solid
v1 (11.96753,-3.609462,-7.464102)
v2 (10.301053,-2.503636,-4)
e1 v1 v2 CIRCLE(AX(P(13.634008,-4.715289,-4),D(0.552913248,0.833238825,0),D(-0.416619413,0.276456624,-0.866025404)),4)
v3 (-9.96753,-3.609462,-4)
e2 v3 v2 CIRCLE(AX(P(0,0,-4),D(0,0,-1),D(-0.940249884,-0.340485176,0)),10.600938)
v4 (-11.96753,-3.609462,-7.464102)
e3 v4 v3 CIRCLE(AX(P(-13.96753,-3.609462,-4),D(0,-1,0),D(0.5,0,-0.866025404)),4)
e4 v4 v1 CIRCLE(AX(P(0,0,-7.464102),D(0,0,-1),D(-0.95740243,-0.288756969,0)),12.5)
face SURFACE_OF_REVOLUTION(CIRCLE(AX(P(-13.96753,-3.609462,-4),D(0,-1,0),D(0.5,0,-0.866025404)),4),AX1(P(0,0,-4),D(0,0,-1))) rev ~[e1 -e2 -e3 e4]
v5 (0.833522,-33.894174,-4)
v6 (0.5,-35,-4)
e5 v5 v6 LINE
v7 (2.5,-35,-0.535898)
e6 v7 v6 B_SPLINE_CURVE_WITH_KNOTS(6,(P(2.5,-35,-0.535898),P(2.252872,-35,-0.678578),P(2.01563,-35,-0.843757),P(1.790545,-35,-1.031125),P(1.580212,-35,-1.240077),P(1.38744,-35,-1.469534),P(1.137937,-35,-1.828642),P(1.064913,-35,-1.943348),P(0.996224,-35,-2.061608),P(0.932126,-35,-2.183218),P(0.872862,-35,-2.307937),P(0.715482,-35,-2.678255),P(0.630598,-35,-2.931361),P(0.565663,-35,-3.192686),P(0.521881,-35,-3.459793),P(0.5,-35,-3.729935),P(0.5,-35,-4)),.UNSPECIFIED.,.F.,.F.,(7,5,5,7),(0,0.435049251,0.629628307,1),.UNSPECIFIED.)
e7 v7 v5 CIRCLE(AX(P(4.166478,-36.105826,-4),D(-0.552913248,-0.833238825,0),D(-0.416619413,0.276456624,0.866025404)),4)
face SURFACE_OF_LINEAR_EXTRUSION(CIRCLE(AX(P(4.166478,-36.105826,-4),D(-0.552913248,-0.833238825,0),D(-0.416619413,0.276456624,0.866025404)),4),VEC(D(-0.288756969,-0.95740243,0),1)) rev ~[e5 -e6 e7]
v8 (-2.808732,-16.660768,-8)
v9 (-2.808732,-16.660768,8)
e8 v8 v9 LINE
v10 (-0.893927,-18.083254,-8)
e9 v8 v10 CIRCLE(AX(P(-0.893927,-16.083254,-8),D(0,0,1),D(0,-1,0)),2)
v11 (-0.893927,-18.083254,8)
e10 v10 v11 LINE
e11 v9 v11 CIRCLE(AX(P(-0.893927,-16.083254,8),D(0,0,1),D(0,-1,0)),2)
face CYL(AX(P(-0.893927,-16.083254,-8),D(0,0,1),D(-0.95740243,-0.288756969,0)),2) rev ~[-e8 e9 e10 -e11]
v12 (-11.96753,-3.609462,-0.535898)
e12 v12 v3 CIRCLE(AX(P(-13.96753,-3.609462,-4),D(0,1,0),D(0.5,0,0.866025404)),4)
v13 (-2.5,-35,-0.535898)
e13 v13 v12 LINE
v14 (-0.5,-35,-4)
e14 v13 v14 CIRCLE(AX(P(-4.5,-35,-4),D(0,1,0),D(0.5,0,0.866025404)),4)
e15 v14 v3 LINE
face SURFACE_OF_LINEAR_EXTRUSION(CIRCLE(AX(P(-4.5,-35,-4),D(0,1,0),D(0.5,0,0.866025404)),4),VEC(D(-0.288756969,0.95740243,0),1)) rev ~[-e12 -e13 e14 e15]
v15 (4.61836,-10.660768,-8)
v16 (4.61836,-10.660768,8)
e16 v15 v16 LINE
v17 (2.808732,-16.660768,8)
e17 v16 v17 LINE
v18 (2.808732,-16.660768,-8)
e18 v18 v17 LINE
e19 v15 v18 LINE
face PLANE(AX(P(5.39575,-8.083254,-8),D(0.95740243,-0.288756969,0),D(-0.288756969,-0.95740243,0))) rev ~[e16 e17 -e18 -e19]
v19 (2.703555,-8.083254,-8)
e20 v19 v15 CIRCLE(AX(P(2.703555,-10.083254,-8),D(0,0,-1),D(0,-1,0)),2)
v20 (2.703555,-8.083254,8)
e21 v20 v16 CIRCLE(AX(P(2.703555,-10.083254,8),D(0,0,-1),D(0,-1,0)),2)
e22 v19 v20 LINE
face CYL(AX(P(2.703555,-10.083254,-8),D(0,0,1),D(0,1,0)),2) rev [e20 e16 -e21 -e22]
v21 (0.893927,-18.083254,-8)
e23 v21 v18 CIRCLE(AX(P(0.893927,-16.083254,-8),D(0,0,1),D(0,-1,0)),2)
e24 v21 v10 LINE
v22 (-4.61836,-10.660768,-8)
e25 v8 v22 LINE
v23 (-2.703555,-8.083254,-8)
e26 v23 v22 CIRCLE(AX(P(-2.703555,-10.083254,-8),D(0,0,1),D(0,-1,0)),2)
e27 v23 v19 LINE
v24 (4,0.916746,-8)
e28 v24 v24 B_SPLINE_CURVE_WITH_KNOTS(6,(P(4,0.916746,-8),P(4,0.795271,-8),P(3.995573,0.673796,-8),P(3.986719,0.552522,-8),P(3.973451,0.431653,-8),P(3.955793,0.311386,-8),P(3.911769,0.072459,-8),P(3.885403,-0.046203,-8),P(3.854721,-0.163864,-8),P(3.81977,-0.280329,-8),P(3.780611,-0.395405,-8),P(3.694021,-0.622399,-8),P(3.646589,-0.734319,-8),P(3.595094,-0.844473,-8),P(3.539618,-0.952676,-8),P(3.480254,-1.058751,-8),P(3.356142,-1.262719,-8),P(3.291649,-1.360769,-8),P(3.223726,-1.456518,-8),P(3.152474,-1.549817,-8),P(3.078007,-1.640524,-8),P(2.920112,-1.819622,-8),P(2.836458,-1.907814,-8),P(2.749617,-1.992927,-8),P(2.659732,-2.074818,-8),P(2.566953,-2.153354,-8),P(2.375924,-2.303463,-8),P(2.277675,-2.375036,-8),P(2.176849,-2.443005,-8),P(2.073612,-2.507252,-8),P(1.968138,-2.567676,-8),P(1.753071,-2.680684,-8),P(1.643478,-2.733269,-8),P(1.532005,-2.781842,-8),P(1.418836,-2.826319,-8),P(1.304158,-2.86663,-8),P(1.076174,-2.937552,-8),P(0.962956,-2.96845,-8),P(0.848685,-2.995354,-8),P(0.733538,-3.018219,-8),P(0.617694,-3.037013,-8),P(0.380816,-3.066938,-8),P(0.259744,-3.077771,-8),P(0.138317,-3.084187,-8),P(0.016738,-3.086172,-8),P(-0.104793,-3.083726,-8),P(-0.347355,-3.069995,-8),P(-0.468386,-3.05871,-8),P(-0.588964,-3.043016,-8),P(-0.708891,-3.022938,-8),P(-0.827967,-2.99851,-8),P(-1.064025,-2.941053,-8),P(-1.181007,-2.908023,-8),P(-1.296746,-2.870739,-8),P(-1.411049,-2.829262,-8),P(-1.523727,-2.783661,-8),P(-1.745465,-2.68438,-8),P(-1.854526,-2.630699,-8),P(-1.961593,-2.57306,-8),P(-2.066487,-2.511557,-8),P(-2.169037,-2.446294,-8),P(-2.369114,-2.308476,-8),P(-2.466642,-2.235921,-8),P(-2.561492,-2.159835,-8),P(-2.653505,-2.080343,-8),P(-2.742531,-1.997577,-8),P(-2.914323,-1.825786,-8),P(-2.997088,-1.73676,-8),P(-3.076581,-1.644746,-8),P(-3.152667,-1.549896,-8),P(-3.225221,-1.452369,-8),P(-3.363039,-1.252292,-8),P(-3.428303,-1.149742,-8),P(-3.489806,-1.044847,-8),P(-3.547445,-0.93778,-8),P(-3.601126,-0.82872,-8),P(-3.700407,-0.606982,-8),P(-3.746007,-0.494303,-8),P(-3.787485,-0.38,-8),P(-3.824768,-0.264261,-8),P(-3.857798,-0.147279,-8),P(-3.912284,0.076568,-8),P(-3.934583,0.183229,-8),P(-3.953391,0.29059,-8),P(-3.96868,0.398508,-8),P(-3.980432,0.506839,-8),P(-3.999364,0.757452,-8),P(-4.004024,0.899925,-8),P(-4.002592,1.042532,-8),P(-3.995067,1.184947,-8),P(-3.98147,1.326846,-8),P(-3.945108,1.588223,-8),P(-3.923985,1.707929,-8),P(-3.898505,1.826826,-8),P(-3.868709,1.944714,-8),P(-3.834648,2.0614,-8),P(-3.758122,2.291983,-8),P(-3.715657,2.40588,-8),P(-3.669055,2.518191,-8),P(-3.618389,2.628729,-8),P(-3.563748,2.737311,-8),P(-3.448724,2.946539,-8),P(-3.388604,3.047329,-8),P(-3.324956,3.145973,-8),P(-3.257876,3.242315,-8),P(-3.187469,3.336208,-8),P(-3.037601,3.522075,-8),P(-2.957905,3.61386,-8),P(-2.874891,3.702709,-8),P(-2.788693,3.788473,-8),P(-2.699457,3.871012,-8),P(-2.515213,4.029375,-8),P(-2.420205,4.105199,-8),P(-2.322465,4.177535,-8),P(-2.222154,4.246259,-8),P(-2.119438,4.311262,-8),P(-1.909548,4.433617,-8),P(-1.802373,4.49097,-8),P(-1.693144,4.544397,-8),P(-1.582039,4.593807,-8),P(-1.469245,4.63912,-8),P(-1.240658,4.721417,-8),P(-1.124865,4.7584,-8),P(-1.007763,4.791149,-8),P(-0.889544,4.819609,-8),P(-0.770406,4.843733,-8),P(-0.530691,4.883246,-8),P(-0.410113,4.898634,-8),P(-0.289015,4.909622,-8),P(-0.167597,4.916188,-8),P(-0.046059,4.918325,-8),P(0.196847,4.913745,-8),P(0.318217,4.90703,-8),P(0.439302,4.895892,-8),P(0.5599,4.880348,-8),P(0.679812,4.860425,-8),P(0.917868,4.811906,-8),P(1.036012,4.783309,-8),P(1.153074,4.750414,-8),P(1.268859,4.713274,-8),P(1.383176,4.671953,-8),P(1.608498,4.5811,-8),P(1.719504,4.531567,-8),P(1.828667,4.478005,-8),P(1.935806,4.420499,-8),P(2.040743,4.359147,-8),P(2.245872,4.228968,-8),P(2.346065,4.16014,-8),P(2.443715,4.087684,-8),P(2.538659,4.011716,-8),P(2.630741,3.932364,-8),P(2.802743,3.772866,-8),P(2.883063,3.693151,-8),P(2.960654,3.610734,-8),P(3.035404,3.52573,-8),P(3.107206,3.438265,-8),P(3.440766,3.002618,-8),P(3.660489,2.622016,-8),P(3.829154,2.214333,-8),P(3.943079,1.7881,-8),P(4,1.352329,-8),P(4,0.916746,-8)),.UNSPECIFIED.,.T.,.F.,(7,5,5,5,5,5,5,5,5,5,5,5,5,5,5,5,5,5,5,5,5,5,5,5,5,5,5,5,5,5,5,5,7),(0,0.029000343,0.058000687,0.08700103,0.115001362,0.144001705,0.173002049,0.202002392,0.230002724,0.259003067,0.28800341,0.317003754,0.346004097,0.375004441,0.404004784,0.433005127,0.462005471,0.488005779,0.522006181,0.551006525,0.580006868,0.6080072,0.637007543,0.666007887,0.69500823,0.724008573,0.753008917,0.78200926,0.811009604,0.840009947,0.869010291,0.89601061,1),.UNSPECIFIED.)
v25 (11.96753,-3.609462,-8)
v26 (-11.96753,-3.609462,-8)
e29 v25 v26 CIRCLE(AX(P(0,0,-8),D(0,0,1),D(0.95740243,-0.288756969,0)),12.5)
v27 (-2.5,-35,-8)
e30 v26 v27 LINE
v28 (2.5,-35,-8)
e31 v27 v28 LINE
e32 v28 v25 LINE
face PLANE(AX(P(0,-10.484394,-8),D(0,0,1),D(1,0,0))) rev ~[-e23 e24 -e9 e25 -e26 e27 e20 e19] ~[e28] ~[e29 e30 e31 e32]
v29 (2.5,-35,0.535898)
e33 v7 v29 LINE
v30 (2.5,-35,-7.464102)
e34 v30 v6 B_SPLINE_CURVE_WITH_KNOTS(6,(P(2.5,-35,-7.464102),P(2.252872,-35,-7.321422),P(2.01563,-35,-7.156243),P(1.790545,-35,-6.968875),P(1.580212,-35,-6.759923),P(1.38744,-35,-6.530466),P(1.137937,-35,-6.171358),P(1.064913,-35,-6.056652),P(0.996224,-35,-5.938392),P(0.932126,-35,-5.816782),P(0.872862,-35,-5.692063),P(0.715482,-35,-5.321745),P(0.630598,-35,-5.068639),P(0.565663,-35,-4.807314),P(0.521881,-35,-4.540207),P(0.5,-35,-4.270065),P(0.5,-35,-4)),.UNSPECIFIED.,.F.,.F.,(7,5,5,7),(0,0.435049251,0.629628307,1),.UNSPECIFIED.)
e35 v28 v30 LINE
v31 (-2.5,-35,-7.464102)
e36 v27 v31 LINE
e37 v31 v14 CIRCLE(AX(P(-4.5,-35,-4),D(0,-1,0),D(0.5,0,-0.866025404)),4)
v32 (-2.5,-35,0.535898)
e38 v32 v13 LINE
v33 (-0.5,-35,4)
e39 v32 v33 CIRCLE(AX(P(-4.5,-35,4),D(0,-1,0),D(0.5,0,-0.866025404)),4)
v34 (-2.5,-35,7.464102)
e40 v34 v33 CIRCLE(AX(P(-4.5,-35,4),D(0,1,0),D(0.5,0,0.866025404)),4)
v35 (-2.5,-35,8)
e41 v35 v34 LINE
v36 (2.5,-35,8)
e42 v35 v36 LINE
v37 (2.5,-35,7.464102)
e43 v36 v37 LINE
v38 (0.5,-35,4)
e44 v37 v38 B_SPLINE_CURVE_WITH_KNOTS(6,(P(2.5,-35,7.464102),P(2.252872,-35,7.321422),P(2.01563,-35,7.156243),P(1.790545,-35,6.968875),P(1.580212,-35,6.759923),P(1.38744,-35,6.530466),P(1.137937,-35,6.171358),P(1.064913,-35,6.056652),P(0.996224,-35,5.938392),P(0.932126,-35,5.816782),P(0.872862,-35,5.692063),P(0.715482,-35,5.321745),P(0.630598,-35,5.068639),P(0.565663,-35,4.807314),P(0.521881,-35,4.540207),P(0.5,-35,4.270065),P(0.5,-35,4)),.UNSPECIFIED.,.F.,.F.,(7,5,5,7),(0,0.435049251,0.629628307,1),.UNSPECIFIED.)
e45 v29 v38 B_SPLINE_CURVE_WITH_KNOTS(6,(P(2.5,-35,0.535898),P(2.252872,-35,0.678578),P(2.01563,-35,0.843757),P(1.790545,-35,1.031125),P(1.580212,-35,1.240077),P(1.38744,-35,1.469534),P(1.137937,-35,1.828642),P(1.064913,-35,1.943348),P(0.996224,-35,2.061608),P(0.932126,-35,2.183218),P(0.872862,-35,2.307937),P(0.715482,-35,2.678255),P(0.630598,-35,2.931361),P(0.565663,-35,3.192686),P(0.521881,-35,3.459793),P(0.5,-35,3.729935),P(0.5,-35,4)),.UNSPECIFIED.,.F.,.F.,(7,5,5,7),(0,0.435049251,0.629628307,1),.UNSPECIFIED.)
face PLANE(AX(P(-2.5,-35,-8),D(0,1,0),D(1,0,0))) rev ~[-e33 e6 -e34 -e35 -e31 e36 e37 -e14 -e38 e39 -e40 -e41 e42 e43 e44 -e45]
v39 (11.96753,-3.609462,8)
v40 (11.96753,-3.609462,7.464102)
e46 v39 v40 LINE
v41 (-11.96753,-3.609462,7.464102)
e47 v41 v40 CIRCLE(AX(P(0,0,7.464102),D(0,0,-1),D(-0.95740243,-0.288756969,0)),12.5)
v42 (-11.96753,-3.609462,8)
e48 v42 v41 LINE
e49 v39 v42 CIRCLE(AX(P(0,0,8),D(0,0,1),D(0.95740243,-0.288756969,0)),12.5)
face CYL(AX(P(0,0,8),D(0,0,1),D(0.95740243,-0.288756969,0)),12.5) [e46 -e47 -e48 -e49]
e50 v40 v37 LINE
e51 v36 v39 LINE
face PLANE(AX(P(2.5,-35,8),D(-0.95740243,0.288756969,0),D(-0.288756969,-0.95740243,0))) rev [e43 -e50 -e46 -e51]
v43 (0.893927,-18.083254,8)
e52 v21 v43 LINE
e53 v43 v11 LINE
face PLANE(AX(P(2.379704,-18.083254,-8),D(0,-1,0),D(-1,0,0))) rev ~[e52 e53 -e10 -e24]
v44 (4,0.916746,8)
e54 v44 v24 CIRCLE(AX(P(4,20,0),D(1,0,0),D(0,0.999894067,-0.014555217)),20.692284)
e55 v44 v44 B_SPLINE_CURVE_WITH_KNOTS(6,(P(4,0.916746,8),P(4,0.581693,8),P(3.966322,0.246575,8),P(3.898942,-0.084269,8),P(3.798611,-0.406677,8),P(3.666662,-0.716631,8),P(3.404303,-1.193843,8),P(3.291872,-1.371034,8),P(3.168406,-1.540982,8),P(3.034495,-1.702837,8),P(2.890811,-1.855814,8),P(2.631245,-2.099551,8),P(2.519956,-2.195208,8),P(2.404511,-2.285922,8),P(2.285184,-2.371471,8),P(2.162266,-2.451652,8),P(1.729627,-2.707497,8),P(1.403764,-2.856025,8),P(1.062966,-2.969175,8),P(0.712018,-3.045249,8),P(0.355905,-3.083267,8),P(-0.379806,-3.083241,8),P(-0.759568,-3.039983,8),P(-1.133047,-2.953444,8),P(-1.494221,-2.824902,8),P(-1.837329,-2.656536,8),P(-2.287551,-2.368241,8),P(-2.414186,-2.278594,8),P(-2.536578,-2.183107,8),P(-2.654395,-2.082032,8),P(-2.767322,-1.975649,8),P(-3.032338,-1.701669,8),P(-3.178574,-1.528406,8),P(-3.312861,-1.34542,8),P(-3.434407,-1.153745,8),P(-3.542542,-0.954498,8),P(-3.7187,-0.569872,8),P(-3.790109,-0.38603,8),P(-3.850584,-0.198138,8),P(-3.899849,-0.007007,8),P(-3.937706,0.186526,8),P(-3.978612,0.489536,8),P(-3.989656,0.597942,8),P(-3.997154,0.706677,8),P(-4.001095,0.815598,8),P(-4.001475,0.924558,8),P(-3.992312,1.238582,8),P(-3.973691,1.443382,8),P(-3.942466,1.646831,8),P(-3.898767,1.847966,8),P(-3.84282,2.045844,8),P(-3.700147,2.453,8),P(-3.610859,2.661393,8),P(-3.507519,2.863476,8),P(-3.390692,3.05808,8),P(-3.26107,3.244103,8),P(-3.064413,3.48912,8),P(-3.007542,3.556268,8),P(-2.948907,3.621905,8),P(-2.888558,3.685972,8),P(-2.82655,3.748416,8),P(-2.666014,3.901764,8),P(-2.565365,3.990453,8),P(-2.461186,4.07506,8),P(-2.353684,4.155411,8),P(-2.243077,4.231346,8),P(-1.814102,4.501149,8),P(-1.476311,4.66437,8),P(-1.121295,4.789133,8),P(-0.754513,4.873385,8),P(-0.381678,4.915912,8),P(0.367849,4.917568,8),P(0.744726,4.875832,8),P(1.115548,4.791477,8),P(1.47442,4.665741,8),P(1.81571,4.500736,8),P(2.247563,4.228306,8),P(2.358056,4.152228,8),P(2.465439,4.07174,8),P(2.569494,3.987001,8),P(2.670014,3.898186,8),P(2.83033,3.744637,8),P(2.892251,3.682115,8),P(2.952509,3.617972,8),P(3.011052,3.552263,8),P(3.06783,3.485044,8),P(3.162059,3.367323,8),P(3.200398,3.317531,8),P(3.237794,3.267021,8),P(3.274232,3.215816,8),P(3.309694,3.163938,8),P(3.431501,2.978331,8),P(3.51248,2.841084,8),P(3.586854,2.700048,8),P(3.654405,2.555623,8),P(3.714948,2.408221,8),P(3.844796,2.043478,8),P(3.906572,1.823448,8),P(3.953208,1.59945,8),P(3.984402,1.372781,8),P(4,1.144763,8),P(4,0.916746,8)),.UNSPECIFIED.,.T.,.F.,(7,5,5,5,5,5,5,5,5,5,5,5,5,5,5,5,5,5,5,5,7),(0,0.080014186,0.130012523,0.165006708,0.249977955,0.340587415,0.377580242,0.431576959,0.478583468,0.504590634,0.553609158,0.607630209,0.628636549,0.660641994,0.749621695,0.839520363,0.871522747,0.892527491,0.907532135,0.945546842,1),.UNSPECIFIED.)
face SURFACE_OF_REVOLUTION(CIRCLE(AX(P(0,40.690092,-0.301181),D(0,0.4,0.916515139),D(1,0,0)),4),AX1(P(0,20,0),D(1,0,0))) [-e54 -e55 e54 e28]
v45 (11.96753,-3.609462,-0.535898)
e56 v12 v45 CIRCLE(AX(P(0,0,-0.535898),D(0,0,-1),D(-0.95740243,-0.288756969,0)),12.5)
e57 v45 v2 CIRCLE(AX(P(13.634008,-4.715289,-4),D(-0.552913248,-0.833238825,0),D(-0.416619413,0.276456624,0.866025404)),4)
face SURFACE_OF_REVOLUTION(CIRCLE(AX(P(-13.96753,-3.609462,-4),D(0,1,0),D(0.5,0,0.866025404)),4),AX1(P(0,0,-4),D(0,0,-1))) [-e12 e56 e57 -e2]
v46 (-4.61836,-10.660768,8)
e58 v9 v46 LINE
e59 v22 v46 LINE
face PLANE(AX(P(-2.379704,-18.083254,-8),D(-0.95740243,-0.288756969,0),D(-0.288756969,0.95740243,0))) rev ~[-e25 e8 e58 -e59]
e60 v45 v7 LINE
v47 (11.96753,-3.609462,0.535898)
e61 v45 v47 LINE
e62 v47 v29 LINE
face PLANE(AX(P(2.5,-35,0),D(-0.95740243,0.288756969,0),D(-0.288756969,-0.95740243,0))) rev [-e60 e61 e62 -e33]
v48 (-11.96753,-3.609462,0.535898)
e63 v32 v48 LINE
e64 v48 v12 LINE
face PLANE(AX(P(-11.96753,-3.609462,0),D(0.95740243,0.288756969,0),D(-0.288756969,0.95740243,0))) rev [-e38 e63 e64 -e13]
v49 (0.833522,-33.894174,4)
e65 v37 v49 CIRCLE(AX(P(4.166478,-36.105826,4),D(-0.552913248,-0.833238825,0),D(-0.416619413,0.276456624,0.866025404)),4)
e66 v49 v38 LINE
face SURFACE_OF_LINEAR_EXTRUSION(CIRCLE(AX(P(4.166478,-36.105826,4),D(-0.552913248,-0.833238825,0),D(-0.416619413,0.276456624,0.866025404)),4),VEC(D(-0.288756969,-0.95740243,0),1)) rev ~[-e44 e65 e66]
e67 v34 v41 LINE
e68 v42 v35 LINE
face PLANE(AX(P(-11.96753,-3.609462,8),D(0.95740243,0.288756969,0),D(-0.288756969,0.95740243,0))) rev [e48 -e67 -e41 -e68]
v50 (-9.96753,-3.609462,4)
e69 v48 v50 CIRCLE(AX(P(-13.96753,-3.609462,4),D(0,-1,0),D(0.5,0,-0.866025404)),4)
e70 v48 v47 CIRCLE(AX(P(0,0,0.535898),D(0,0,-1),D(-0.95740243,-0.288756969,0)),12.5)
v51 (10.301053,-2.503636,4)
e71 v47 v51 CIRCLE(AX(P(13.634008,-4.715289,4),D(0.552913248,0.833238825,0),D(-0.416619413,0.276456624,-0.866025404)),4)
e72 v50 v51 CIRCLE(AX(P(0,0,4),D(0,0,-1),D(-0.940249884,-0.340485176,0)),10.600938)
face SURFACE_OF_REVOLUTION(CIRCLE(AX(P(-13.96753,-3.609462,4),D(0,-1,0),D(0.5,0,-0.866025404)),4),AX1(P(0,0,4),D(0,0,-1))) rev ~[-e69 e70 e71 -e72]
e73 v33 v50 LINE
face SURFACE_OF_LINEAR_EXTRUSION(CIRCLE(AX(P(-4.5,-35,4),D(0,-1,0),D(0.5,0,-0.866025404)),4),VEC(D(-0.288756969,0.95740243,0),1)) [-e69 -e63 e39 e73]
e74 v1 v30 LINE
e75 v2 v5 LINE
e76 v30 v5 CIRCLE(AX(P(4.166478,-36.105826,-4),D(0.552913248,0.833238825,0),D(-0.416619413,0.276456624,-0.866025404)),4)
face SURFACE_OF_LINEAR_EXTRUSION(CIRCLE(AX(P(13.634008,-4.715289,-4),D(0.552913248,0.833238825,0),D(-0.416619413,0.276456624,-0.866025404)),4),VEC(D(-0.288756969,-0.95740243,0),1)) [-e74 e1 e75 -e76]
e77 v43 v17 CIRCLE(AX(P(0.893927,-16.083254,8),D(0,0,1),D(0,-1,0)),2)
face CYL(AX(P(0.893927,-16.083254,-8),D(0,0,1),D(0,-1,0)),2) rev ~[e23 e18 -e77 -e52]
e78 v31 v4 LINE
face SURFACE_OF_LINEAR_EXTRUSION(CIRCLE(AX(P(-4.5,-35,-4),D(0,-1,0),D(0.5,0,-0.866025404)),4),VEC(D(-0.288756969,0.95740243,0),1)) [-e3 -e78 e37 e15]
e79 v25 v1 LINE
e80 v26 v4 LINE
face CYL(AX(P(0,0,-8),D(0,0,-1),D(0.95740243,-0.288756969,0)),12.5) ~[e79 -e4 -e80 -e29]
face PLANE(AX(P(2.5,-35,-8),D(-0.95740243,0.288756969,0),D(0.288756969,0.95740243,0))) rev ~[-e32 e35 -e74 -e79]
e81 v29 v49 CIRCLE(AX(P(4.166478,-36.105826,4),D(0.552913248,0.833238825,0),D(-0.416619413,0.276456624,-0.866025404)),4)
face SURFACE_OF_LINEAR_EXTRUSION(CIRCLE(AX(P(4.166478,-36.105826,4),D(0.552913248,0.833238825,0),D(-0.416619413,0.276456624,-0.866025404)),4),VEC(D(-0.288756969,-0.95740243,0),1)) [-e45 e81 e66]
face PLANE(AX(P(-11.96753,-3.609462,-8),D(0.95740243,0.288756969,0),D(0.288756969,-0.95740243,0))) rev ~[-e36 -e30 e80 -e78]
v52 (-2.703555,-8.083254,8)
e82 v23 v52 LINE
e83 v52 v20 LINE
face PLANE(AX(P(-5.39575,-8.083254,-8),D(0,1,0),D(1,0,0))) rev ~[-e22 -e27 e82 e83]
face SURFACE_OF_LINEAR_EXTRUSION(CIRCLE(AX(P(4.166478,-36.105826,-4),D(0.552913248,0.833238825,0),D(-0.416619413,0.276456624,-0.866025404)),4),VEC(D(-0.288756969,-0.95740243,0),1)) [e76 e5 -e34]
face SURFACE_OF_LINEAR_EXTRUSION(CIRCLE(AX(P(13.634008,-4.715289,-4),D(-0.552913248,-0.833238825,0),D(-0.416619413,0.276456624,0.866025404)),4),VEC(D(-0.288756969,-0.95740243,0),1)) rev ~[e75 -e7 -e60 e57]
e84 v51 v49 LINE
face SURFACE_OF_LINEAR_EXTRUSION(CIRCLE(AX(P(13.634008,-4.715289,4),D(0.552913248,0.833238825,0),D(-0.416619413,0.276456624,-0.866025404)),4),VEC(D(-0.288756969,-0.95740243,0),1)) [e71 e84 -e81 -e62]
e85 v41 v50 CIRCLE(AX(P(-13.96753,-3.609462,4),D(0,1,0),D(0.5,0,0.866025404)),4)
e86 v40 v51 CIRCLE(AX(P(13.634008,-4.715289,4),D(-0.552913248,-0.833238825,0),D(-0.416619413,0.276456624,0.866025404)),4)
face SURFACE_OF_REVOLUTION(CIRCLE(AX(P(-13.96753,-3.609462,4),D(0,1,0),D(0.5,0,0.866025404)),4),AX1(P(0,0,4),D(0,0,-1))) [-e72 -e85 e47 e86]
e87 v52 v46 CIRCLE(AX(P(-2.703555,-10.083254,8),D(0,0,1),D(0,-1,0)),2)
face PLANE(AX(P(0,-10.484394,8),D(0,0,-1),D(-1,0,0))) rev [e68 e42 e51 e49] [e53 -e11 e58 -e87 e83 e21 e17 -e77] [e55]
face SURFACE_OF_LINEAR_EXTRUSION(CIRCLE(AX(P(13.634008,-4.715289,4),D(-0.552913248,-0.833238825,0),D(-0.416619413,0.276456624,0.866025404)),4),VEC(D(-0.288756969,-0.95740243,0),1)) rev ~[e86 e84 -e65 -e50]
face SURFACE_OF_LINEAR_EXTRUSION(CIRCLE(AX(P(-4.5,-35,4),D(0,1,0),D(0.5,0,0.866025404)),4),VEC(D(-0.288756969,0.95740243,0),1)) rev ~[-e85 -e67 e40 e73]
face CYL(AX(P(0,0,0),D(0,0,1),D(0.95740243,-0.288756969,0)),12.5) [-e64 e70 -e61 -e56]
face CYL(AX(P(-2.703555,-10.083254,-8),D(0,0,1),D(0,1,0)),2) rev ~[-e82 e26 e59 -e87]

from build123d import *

# Parameters (mm, degrees)
F1_DEPTH  = 4
F8_R      = 4
F11_DEPTH = 16
F12_R     = 2


with BuildPart() as f1:
    # F0 (on Top) → F1 (new body)
    with BuildSketch(Plane.XY):
        with BuildLine():
            Line((2.5, -35), (11.9675303731, -3.6094621162))
            ThreePointArc((11.9675303731, -3.6094621162), (0, 12.5), (-11.9675303731, -3.6094621162))
            Line((-11.9675303731, -3.6094621162), (-2.5, -35))
            Line((-2.5, -35), (2.5, -35))
        make_face()
    extrude(amount=F1_DEPTH)

    # F4: sweep along a path in F4_path
    with BuildLine(Plane(origin=(-11.9675303731, -3.6094621162, 4), x_dir=(0, 1, 0), z_dir=(0, 0, 1))) as f4_path:
        Line((-31.3905378838, -9.4675303731), (0, 0))
        ThreePointArc((0, 0), (16.1094621162, -11.9675303731), (0, -23.9350607463))
        Line((0, -23.9350607463), (-31.3905378838, -14.4675303731))
        Line((-31.3905378838, -14.4675303731), (-38.5466098599, -12.309226204))
    # F3 (on face) → F4 (sweep, cut)
    with BuildSketch(Plane.XZ.offset(35)):
        with BuildLine():
            ThreePointArc((-2.5, 0.5358983849), (-1.0358983849, 2), (-0.5, 4))
            Line((-0.5, 4), (-2.5, 4))
            Line((-2.5, 4), (-2.5, 0.5358983849))
        make_face()
    sweep(path=f4_path.line, mode=Mode.SUBTRACT)

    # F5: F1 across face


with BuildPart() as f1_1:
    add(f1.part)
    add(f1.part.mirror(Plane(origin=(-0.0002119215, -7.1160026753, 4), x_dir=(1, 0, 0), z_dir=(0, 0, 1))))

    # F6: F1 across face


with BuildPart() as f1_2:
    add(f1_1.part)
    add(f1_1.part.mirror(Plane(origin=(0, -7.6972152999, 0), x_dir=(1, 0, 0), z_dir=(0, 0, -1))))

    # F9: sweep along a path in F7
    with BuildLine(Plane.YZ) as f9_path:
        CenterArc((20, 0), 20, 0, 360)
    # F8 (on face) → F9 (sweep, cut)
    with BuildSketch(Plane(origin=(0, 0, -8), x_dir=(1, 0, 0), z_dir=(0, 0, -1))):
        with Locations((0, -0.9167455137)):
            Circle(F8_R)
    sweep(path=f9_path.line, mode=Mode.SUBTRACT)

    # F10 (on face) → F11 (cut, through all)
    with BuildSketch(Plane(origin=(0, 0, -8), x_dir=(1, 0, 0), z_dir=(0, 0, -1))):
        Polygon((5.3957497615, 8.0832544863), (2.3797038408, 18.0832544863), (-2.3797038408, 18.0832544863), (-5.3957497615, 8.0832544863), align=None)
    extrude(amount=-F11_DEPTH, mode=Mode.SUBTRACT)

    # F12
    f12_edges = [f1_2.edges().sort_by_distance(p)[0] for p in [
        (-5.39575, -8.083254, 0),
        (5.39575, -8.083254, 0),
        (-2.379704, -18.083254, 0),
        (2.379704, -18.083254, 0),
    ]]
    fillet(f12_edges, radius=F12_R)


solid = f1_2.part
